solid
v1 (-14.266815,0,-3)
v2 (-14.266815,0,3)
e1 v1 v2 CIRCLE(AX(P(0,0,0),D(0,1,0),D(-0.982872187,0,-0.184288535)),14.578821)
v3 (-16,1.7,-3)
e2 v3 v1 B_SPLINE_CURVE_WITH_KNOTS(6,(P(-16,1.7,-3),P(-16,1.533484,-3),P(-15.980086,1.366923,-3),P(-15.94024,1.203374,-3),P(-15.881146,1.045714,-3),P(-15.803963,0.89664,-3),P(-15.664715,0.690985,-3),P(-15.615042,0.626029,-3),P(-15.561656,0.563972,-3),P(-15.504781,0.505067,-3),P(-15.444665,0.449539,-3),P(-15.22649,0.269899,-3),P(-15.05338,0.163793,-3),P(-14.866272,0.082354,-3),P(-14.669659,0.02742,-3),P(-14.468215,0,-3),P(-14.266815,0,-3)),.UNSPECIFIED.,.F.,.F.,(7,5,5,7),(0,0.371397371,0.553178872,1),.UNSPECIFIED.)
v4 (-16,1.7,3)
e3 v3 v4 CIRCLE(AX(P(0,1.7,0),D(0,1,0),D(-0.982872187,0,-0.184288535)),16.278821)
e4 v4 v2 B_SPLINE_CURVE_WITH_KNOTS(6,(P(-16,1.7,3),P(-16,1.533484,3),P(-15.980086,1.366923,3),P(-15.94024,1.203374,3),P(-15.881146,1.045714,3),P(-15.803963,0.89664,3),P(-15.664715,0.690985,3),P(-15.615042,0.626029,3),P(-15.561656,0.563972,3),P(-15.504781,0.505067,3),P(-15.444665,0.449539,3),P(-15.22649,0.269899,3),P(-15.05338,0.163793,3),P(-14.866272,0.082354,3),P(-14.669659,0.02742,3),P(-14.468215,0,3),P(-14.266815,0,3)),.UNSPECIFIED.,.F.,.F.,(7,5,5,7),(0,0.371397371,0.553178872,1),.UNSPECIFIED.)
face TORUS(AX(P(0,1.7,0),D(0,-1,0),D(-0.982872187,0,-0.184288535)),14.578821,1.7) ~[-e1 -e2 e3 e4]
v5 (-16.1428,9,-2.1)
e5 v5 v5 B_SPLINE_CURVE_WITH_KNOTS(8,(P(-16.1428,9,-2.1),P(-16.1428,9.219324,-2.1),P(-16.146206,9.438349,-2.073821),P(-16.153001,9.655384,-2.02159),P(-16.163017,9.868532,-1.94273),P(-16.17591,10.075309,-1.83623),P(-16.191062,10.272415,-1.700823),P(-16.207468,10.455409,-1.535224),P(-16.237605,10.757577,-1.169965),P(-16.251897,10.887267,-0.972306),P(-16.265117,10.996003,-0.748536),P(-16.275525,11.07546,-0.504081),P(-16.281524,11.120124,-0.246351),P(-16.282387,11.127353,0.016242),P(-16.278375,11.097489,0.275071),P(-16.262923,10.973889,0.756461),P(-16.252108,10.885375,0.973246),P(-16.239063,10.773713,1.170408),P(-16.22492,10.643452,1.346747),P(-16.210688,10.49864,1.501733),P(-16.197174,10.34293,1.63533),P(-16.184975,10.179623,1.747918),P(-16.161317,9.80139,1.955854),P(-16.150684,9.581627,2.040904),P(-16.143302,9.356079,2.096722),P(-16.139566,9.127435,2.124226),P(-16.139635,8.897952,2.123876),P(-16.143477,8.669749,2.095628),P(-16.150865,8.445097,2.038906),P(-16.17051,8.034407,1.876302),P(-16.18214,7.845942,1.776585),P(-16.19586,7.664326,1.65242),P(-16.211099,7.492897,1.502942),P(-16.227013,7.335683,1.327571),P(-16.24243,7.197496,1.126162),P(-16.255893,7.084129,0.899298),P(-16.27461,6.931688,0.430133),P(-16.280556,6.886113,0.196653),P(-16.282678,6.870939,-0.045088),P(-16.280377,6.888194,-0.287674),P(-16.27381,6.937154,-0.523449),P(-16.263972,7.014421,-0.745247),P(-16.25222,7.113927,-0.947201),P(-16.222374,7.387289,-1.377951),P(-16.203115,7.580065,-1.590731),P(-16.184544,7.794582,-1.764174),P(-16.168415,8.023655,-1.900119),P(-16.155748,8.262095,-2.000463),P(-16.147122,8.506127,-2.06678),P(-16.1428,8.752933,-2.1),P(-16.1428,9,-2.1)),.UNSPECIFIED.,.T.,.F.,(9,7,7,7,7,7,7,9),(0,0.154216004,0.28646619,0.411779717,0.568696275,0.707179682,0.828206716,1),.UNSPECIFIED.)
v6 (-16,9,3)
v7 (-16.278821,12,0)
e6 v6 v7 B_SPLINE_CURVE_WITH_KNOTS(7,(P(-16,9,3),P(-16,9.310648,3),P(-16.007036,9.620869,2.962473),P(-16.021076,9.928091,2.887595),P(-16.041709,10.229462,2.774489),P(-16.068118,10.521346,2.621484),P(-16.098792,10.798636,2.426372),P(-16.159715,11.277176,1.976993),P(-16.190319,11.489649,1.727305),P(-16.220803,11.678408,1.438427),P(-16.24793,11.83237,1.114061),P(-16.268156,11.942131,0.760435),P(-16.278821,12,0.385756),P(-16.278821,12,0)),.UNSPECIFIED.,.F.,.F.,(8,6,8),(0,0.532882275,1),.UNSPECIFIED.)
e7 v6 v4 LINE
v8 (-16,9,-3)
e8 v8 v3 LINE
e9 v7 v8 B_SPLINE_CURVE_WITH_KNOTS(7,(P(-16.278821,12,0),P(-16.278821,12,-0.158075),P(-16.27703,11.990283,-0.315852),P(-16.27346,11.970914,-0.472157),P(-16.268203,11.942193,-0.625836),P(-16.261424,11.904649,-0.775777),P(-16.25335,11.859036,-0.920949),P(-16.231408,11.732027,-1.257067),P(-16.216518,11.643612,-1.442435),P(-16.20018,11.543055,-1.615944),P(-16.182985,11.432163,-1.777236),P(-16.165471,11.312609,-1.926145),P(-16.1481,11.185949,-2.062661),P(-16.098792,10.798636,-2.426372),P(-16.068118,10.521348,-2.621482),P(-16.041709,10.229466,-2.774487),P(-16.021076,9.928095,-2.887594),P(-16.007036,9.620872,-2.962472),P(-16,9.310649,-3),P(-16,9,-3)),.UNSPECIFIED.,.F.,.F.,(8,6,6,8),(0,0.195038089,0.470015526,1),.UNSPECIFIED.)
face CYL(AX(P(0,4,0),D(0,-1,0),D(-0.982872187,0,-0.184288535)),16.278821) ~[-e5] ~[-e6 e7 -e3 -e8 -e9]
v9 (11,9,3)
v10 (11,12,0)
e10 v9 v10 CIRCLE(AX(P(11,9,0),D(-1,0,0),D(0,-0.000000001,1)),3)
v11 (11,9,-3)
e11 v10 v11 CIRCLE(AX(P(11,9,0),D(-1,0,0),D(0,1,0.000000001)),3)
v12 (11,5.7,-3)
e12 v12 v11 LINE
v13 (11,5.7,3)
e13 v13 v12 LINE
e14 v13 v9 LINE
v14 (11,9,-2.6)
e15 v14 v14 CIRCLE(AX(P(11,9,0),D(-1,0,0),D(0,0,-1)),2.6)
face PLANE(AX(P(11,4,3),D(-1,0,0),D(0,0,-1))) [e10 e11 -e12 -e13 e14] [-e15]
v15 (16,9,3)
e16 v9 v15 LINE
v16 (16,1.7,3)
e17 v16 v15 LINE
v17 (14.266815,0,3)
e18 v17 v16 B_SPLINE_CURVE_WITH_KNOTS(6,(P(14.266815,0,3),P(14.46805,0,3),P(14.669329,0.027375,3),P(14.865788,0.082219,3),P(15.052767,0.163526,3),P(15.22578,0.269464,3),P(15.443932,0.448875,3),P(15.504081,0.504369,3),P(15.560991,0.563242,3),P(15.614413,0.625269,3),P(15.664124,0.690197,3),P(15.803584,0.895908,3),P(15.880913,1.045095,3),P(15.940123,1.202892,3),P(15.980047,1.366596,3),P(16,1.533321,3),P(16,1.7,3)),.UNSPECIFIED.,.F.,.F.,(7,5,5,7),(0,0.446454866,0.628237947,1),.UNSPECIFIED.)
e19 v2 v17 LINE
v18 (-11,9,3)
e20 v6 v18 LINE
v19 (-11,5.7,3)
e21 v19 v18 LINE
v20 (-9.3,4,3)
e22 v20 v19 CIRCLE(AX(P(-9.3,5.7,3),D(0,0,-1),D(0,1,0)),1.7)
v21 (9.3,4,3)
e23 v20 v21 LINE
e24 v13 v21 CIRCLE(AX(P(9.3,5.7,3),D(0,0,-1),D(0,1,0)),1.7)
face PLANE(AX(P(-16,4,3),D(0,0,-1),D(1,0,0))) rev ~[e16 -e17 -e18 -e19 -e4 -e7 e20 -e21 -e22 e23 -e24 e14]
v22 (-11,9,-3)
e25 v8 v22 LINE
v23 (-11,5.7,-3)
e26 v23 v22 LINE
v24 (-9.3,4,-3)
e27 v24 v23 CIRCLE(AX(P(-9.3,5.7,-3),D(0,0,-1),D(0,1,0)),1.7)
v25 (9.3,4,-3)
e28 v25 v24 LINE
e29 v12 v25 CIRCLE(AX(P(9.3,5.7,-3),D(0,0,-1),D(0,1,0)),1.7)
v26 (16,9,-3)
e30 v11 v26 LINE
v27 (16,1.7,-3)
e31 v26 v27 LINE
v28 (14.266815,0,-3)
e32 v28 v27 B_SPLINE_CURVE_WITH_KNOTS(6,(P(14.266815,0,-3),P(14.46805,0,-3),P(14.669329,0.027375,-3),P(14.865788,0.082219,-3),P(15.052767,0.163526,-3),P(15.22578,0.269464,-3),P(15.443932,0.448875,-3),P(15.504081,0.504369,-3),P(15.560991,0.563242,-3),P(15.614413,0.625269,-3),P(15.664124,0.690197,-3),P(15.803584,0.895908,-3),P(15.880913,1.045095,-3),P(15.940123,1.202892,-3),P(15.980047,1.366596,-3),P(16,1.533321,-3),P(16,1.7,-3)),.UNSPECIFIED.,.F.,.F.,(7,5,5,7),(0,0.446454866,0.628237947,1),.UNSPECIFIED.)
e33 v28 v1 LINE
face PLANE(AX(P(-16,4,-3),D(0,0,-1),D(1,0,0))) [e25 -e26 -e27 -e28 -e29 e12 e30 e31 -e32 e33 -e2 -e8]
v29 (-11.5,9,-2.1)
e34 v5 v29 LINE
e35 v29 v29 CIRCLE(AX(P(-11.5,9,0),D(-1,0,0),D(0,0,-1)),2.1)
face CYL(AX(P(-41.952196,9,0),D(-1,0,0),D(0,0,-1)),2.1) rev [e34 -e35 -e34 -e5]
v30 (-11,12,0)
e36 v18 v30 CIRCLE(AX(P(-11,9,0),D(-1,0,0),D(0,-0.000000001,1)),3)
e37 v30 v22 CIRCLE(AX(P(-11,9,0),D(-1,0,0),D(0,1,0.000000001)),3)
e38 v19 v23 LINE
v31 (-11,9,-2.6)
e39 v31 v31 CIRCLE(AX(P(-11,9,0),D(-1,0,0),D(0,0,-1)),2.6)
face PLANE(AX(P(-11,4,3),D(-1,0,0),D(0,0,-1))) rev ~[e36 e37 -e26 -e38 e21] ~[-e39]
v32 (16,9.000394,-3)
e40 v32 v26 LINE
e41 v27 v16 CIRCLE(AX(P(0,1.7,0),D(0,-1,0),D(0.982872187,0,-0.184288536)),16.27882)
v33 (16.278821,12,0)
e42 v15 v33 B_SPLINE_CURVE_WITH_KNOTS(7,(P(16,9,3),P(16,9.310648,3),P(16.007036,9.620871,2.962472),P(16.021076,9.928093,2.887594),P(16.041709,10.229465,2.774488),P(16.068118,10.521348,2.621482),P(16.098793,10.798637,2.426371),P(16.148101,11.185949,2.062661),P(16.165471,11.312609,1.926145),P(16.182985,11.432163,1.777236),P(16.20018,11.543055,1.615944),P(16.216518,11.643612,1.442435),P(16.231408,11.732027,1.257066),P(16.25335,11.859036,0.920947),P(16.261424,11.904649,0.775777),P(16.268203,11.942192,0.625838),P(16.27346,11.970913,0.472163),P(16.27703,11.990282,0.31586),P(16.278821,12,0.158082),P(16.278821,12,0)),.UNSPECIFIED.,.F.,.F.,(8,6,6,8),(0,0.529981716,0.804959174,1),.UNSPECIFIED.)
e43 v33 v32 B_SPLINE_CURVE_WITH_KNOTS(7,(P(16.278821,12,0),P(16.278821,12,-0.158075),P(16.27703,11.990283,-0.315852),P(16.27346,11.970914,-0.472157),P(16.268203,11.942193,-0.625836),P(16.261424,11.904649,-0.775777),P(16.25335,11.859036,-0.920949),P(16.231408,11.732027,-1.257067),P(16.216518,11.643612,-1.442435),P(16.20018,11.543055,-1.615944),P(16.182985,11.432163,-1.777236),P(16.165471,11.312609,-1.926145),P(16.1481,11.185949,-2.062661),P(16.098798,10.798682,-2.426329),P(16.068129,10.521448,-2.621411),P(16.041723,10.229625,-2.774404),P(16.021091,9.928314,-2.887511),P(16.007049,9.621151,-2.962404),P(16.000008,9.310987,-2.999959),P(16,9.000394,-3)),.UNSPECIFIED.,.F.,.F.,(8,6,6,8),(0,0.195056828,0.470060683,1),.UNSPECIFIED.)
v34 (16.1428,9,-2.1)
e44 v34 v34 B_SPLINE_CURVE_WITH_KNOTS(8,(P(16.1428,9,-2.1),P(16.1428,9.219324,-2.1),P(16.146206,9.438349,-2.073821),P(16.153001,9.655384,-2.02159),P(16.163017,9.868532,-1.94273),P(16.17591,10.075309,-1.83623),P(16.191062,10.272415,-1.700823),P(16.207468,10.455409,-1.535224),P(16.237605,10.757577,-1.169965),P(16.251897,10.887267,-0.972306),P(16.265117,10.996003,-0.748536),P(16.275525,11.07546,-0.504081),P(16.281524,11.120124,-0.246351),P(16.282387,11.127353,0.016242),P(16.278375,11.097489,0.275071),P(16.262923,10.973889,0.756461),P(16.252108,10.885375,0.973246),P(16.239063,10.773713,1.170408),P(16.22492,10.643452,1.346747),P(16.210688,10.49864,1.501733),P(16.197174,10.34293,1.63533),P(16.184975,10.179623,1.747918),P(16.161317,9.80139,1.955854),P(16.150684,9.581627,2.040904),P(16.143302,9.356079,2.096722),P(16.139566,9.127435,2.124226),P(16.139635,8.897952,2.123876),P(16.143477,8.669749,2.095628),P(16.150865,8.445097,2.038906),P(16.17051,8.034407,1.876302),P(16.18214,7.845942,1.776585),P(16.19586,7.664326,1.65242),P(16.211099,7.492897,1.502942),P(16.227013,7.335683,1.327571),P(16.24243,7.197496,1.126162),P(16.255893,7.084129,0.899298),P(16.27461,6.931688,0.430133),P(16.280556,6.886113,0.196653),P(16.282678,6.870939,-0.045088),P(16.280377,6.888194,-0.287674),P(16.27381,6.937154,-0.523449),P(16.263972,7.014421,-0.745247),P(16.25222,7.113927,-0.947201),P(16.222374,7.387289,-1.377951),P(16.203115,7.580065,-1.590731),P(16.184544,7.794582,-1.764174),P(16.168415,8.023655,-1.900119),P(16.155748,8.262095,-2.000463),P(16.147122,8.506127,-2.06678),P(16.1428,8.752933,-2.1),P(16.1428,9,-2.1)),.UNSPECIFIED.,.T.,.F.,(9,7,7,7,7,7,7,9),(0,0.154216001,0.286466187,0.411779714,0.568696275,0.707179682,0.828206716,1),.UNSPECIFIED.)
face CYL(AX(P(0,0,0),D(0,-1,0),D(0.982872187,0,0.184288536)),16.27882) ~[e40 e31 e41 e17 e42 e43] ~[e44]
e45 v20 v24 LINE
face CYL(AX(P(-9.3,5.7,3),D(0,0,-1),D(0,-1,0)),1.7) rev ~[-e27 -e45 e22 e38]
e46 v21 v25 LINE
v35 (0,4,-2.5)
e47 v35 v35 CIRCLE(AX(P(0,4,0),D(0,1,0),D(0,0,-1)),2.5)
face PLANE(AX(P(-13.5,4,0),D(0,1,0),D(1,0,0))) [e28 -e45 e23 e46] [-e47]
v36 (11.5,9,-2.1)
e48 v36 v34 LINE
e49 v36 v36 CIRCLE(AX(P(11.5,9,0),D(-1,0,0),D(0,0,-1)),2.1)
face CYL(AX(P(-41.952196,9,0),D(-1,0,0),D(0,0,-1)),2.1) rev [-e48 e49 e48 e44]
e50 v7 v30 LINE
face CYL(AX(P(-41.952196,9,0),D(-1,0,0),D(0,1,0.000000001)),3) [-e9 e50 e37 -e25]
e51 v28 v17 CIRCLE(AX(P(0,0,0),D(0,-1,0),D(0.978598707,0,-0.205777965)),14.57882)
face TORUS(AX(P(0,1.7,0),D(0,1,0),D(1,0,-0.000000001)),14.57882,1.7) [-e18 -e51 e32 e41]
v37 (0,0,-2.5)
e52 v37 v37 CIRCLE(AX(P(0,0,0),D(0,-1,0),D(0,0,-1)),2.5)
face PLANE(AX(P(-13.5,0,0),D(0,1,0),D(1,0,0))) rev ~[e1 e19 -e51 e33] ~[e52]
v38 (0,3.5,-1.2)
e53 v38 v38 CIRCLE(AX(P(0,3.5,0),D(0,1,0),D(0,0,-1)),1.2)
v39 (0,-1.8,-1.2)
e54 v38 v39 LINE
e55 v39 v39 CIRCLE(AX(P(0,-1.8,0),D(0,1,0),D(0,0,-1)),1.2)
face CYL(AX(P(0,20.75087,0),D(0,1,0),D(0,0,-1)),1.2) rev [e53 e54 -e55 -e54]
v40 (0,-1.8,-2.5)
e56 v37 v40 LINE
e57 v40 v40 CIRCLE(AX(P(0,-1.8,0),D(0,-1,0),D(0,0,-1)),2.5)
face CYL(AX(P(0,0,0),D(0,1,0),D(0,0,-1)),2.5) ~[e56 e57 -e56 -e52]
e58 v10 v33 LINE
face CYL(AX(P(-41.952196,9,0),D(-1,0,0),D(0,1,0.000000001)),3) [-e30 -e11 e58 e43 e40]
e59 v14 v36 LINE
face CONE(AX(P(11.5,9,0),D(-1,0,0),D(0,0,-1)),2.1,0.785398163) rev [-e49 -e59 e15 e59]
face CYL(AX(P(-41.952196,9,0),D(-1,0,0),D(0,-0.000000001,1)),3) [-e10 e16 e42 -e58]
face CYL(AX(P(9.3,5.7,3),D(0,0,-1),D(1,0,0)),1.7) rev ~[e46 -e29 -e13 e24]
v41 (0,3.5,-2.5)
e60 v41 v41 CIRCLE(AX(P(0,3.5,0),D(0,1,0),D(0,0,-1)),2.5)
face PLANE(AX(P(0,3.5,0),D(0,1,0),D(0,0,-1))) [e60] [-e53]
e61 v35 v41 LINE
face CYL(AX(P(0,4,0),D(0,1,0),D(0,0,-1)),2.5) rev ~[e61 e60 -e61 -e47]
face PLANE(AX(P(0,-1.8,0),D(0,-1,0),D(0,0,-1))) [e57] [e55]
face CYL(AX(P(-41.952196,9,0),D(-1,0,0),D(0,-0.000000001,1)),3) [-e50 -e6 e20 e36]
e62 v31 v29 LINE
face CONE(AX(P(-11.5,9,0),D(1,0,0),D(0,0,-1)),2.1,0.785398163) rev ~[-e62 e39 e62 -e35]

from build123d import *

# Parameters (mm, degrees)
SKETCH1_W               = 5
SKETCH1_H               = 6
SKETCH1_W_2             = 22
BOSS_EXTRUDE1_DEPTH     = 4
BOSS_EXTRUDE2_START     = 4
SKETCH1_3_W             = 5
SKETCH1_3_H             = 6
BOSS_EXTRUDE2_DEPTH     = 8
CUT_EXTRUDE1_DEPTH      = 30.952196132
CUT_EXTRUDE1_DEPTH_BACK = 30.952196132
SKETCH2_R               = 2.1
SKETCH4_R               = 2.5
BOSS_EXTRUDE3_DEPTH     = 1.8
CUT_EXTRUDE2_DEPTH      = 22.550870206
CUT_EXTRUDE2_DEPTH_BACK = 22.550870206
SKETCH5_R               = 1.2
SKETCH6_R               = 2.5
CUT_EXTRUDE3_DEPTH      = 0.5
CHAMFER1_SIZE           = 0.5
FILLET1_R               = 1.7


with BuildPart() as part:
    # Sketch1 → Boss-Extrude1 (new body)
    with BuildSketch(Plane(origin=(0, 0, 0), x_dir=(1, 0, 0), z_dir=(0, 1, 0))):
        with Locations((-13.5, 0)):
            Rectangle(SKETCH1_W, SKETCH1_H)
        Rectangle(SKETCH1_W_2, SKETCH1_H)
        with Locations((13.5, 0)):
            Rectangle(SKETCH1_W, SKETCH1_H)
        with BuildLine():
            Line((-16, -3), (-16, 3))
            ThreePointArc((-16, 3), (-16.278820596, 0), (-16, -3))
        make_face()
        with BuildLine():
            ThreePointArc((16.278820596, 0), (16.208965568, 1.506464481), (16, 3))
            Line((16, 3), (16, -3))
            ThreePointArc((16, -3), (16.208965568, -1.506464481), (16.278820596, 0))
        make_face()
    extrude(amount=BOSS_EXTRUDE1_DEPTH)

    # Sketch1<3> → Boss-Extrude2 (add)
    with BuildSketch(Plane(origin=(0, 0, 0), x_dir=(1, 0, 0), z_dir=(0, 1, 0)).offset(BOSS_EXTRUDE2_START)):
        with Locations((-13.5, 0)):
            Rectangle(SKETCH1_3_W, SKETCH1_3_H)
        with BuildLine():
            Line((-16, -3), (-16, 3))
            ThreePointArc((-16, 3), (-16.278820596, 0), (-16, -3))
        make_face()
        with Locations((13.5, 0)):
            Rectangle(SKETCH1_3_W, SKETCH1_3_H)
        with BuildLine():
            ThreePointArc((16.278820596, 0), (16.208965568, 1.506464481), (16, 3))
            Line((16, 3), (16, -3))
            ThreePointArc((16, -3), (16.208965568, -1.506464481), (16.278820596, 0))
        make_face()
    extrude(amount=BOSS_EXTRUDE2_DEPTH)

    # Sketch2 → Cut-Extrude1 (cut, two sides: drawn at the far end of the back side and taken through both)
    with BuildSketch(Plane(origin=(-11, 0, 0), x_dir=(0, 0, -1), z_dir=(1, 0, 0)).offset(-CUT_EXTRUDE1_DEPTH_BACK)):
        with BuildLine():
            Line((3, 12), (0, 12))
            ThreePointArc((0, 12), (2.121320344, 11.121320344), (3, 9))
            Line((3, 9), (3, 12))
        make_face()
        with BuildLine():
            Line((-3, 12), (-3, 9))
            ThreePointArc((-3, 9), (-2.121320344, 11.121320344), (0, 12))
            Line((0, 12), (-3, 12))
        make_face()
        with Locations((0, 9)):
            Circle(SKETCH2_R)
    extrude(amount=CUT_EXTRUDE1_DEPTH + CUT_EXTRUDE1_DEPTH_BACK, mode=Mode.SUBTRACT)

    # Sketch4 → Boss-Extrude3 (add)
    with BuildSketch(Plane.XZ):
        with Locations(Location((0, 0, 0), (0, 0, 270))):
            Circle(SKETCH4_R)
    extrude(amount=BOSS_EXTRUDE3_DEPTH)

    # Sketch5 → Cut-Extrude2 (cut, two sides: drawn at the far end of the back side and taken through both)
    with BuildSketch(Plane.XZ.offset(1.8).offset(-CUT_EXTRUDE2_DEPTH_BACK)):
        with Locations(Location((0, 0, 0), (0, 0, 270))):
            Circle(SKETCH5_R)
    extrude(amount=CUT_EXTRUDE2_DEPTH + CUT_EXTRUDE2_DEPTH_BACK, mode=Mode.SUBTRACT)

    # Sketch6 → Cut-Extrude3 (cut)
    with BuildSketch(Plane(origin=(0, 4, 0), x_dir=(1, 0, 0), z_dir=(0, 1, 0))):
        with Locations(Location((0, 0, 0), (0, 0, 90))):
            Circle(SKETCH6_R)
    extrude(amount=-CUT_EXTRUDE3_DEPTH, mode=Mode.SUBTRACT)

    # Chamfer1
    chamfer1_edges = [part.edges().sort_by_distance(p)[0] for p in [
        (11, 9, 2.1),
        (-11, 9, 2.1),
    ]]
    chamfer(chamfer1_edges, length=CHAMFER1_SIZE)

    # Fillet1
    fillet1_edges = [part.edges().sort_by_distance(p)[0] for p in [
        (-11, 4, 0),
        (11, 4, 0),
        (-16.278820596, 0, 0),
        (16.278820596, 0, 0),
    ]]
    fillet(fillet1_edges, radius=FILLET1_R)


solid = part.part
